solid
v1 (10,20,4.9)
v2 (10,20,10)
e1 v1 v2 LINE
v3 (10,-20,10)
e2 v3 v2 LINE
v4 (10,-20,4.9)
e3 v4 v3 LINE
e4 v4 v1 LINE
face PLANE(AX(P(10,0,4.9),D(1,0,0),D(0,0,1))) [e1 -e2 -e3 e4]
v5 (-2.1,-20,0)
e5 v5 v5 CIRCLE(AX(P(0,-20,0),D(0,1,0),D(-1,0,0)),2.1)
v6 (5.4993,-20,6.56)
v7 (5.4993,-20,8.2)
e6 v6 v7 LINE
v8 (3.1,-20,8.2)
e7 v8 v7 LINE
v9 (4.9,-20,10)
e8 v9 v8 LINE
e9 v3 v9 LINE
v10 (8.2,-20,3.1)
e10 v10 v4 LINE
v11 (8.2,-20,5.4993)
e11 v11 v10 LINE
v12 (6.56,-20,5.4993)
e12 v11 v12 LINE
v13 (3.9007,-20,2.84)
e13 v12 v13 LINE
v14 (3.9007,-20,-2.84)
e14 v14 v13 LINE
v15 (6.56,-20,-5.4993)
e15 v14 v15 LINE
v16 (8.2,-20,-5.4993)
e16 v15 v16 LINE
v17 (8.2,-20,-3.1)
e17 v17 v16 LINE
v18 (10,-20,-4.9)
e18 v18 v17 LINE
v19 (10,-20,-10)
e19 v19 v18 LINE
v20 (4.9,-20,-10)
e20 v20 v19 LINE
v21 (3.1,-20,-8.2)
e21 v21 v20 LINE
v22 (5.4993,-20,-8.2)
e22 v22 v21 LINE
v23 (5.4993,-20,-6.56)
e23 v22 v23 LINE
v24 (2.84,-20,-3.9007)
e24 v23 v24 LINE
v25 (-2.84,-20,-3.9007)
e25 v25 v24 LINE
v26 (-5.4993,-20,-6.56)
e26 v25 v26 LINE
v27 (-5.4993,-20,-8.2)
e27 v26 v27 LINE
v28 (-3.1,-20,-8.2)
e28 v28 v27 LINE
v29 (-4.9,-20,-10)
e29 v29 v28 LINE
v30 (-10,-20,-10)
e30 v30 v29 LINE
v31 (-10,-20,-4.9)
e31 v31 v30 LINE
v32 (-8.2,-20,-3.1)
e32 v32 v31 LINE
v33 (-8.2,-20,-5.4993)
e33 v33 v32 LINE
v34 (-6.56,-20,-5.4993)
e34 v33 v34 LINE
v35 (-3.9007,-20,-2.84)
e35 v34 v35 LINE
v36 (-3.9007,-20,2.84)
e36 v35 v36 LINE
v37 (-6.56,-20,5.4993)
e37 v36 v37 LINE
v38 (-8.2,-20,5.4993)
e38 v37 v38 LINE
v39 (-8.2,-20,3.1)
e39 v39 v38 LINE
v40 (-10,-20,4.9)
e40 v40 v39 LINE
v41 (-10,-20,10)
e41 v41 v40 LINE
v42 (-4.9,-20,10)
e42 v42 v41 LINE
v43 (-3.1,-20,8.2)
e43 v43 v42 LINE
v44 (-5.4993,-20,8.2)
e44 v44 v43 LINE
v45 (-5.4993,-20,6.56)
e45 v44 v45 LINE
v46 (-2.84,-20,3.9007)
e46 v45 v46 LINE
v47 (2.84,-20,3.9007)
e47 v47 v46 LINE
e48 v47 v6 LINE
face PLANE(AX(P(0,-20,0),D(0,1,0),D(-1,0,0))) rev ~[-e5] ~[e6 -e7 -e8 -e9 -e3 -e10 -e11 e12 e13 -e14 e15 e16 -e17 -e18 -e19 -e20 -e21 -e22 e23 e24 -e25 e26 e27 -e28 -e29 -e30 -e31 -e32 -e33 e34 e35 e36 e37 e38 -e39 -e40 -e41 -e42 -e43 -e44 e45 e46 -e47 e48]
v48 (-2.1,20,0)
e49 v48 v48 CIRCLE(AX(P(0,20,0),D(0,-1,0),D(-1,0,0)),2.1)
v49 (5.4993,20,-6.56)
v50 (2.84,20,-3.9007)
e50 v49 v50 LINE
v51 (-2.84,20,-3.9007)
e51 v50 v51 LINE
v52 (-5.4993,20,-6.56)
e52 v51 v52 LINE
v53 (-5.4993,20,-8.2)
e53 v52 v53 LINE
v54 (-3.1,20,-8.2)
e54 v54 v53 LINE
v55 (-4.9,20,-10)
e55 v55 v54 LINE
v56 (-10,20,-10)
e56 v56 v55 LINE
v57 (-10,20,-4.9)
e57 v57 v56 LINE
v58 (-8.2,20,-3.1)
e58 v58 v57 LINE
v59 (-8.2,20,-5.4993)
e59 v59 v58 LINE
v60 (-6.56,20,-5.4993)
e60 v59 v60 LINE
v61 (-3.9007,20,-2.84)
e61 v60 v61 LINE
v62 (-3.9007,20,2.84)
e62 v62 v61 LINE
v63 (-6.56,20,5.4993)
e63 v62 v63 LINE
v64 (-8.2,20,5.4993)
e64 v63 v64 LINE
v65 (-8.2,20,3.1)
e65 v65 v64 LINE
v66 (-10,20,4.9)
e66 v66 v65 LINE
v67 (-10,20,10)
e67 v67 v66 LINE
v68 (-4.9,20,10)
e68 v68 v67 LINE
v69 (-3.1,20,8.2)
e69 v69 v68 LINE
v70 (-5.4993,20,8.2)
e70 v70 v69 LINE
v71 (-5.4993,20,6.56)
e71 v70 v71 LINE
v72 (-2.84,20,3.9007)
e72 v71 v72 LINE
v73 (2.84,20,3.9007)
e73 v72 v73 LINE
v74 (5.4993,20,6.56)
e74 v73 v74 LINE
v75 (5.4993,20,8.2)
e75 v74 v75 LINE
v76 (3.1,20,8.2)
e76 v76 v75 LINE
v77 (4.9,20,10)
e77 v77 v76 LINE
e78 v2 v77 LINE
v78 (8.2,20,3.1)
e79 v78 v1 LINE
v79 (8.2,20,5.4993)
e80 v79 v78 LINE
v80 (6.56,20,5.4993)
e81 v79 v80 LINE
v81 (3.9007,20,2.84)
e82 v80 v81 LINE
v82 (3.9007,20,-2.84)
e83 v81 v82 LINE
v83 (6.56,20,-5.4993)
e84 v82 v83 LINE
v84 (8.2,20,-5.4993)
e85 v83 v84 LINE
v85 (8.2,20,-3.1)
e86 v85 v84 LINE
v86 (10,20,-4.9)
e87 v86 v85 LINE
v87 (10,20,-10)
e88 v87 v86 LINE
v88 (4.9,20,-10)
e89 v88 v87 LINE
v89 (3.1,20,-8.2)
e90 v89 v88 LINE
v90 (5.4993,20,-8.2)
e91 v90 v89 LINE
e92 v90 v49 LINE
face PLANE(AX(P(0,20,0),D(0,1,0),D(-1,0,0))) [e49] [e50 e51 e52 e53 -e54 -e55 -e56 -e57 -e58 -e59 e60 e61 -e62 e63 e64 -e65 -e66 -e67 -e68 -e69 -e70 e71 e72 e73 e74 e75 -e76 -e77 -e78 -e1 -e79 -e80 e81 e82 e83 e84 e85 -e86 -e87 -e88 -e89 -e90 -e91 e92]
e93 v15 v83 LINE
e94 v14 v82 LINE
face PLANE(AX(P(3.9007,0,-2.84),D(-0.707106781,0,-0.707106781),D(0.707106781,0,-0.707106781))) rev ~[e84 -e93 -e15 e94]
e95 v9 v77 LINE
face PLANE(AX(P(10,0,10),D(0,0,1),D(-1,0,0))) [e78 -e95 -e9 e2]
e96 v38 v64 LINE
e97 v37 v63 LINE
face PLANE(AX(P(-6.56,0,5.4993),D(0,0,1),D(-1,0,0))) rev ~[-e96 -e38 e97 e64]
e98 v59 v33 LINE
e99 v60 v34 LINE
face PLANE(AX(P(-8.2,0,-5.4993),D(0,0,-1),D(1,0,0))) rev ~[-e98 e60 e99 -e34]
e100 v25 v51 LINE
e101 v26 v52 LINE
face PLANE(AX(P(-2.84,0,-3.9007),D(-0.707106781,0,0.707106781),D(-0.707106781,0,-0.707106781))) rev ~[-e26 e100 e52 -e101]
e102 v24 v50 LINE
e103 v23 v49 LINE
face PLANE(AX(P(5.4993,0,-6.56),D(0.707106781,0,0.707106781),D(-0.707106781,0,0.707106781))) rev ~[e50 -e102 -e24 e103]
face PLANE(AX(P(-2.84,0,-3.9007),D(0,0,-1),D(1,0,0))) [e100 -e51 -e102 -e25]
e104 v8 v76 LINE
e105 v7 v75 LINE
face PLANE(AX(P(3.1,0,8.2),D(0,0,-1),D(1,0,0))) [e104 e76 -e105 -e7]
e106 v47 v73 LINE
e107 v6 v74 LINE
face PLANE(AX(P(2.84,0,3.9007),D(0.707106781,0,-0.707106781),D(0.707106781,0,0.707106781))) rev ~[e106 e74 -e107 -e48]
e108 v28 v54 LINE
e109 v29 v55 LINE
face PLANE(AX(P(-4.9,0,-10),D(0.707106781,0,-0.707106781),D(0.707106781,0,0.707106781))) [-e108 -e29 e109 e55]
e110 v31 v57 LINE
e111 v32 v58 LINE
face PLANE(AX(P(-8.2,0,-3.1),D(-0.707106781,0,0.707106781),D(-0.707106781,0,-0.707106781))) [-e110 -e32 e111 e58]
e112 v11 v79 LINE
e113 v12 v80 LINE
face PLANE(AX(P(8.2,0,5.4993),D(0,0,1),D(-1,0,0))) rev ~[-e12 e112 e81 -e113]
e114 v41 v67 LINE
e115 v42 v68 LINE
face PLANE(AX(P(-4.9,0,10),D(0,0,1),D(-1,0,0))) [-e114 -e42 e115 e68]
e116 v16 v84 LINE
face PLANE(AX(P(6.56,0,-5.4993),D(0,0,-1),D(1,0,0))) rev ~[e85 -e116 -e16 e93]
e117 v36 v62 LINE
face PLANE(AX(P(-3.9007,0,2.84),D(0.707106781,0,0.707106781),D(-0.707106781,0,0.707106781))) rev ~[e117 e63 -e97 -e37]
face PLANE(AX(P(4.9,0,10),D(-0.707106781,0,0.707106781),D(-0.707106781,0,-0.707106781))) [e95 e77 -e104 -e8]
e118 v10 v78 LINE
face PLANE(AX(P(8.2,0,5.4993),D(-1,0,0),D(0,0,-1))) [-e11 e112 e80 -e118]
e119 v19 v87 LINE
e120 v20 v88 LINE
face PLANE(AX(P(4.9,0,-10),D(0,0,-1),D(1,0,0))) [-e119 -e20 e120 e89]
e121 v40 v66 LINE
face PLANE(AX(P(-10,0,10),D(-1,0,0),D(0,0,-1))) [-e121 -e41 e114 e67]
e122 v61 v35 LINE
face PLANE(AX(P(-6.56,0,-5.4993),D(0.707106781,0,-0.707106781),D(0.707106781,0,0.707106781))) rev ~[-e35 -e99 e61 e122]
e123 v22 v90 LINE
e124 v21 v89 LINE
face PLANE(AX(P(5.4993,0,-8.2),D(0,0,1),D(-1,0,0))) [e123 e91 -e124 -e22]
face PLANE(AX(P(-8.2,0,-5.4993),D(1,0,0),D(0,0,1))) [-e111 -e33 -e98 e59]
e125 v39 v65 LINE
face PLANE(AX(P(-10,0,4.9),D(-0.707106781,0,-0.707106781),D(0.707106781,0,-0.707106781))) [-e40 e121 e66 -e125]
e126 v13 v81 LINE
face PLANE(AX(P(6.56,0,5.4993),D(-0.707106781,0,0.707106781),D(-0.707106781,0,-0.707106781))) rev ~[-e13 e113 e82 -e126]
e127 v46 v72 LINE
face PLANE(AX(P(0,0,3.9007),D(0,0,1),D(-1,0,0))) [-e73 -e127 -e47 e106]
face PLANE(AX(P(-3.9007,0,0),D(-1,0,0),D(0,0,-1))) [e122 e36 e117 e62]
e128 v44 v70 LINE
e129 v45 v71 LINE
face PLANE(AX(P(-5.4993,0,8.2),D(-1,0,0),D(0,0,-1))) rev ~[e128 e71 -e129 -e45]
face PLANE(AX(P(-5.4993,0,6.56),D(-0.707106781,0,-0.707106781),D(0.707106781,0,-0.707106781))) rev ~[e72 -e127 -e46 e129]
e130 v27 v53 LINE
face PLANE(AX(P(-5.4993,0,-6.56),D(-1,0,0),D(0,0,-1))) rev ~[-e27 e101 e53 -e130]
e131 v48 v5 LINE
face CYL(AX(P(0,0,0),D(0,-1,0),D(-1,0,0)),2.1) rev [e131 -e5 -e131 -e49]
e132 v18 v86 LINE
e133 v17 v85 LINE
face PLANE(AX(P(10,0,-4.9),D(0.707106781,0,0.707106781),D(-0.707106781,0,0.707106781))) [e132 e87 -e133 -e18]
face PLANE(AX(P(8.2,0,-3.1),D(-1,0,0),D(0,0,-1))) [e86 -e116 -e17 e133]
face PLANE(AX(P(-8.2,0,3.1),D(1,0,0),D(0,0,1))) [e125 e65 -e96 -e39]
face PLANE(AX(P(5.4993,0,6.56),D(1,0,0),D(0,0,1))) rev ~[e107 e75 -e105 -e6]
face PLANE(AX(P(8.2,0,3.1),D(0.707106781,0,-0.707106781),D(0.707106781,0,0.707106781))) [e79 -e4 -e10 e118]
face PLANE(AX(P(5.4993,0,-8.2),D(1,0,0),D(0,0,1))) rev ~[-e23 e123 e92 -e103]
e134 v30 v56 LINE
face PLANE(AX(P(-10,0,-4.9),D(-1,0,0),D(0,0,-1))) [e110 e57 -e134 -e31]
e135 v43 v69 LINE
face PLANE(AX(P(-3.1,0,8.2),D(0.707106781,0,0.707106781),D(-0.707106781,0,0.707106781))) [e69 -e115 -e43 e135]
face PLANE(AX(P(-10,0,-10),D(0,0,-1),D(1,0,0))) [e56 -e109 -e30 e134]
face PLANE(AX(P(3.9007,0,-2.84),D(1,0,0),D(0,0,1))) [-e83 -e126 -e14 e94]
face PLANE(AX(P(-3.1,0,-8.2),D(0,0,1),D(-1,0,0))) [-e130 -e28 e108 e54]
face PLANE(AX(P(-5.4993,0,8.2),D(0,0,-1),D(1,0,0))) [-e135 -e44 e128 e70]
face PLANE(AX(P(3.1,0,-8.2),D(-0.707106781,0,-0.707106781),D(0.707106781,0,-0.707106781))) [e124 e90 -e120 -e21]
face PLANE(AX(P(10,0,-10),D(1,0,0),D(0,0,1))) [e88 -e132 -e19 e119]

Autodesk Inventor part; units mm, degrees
ref_plane "YZ Plane" through (0, 0, 0) normal (1, 0, 0) x (0, 1, 0)
ref_plane "XZ Plane" through (0, 0, 0) normal (0, 1, 0) x (-1, 0, 0)
ref_plane "XY Plane" through (0, 0, 0) normal (0, 0, 1) x (1, 0, 0)
sketch "Sketch1" plane through (0, 0, 0) normal (0, 1, 0) x (-1, 0, 0)
  circle A0 centre (0, 0) radius 2.1
  line L0 (0, -3.9007) -> (-2.84, -3.9007)
  line L1 (-5.4993, -8.2) -> (-3.1, -8.2)
  line L2 (-3.1, -8.2) -> (-4.9, -10)
  line L3 (-4.9, -10) -> (-10, -10)
  line L4 (-10, -10) -> (-10, -4.9)
  line L5 (-10, -4.9) -> (-8.2, -3.1)
  line L6 (-8.2, -3.1) -> (-8.2, -5.4993)
  line L7 (-3.9007, -2.84) -> (-3.9007, 0)
  line L8 (-3.9007, 0) -> (-2.1, 0)
  line L9 (0, -3.9007) -> (0, -2.1) construction
  line L10 (-5.4993, -8.2) -> (-5.4993, -6.56)
  line L11 (-5.4993, -6.56) -> (-2.84, -3.9007)
  line L12 (-3.9007, -2.84) -> (-6.56, -5.4993)
  line L13 (-6.56, -5.4993) -> (-8.2, -5.4993)
  line L14 (6.56, -5.4993) -> (3.9007, -2.84)
  line L15 (3.1, -8.2) -> (5.4993, -8.2)
  line L16 (5.4993, -6.56) -> (5.4993, -8.2)
  line L17 (8.2, -5.4993) -> (8.2, -3.1)
  line L18 (8.2, -5.4993) -> (6.56, -5.4993)
  line L19 (8.2, -3.1) -> (10, -4.9)
  line L20 (4.9, -10) -> (3.1, -8.2)
  line L21 (10, -4.9) -> (10, -10)
  line L22 (10, -10) -> (4.9, -10)
  line L23 (2.84, -3.9007) -> (0, -3.9007)
  line L24 (0, -3.9007) -> (0, -2.1) construction
  line L25 (3.9007, 0) -> (2.1, 0)
  line L26 (3.9007, 0) -> (3.9007, -2.84)
  line L27 (2.84, -3.9007) -> (5.4993, -6.56)
  line L28 (5.4993, 6.56) -> (2.84, 3.9007)
  line L29 (8.2, 3.1) -> (8.2, 5.4993)
  line L30 (6.56, 5.4993) -> (8.2, 5.4993)
  line L31 (5.4993, 8.2) -> (3.1, 8.2)
  line L32 (5.4993, 8.2) -> (5.4993, 6.56)
  line L33 (3.1, 8.2) -> (4.9, 10)
  line L34 (10, 4.9) -> (8.2, 3.1)
  line L35 (4.9, 10) -> (10, 10)
  line L36 (10, 10) -> (10, 4.9)
  line L37 (3.9007, 2.84) -> (3.9007, 0)
  line L38 (3.9007, 0) -> (2.1, 0) construction
  line L39 (0, 3.9007) -> (0, 2.1)
  line L40 (0, 3.9007) -> (2.84, 3.9007)
  line L41 (3.9007, 2.84) -> (6.56, 5.4993)
  line L42 (-6.56, 5.4993) -> (-3.9007, 2.84)
  line L43 (-3.1, 8.2) -> (-5.4993, 8.2)
  line L44 (-5.4993, 6.56) -> (-5.4993, 8.2)
  line L45 (-8.2, 5.4993) -> (-8.2, 3.1)
  line L46 (-8.2, 5.4993) -> (-6.56, 5.4993)
  line L47 (-8.2, 3.1) -> (-10, 4.9)
  line L48 (-4.9, 10) -> (-3.1, 8.2)
  line L49 (-10, 4.9) -> (-10, 10)
  line L50 (-10, 10) -> (-4.9, 10)
  line L51 (-2.84, 3.9007) -> (0, 3.9007)
  line L52 (0, 3.9007) -> (0, 2.1) construction
  line L53 (-3.9007, 0) -> (-2.1, 0) construction
  line L54 (-3.9007, 0) -> (-3.9007, 2.84)
  line L55 (-2.84, 3.9007) -> (-5.4993, 6.56)
  point P0 (0, -3.0003)
  point P1 (-3.0003, 0)
  point P2 (0, -3.0003)
  point P3 (3.0003, 0)
  point P4 (3.0003, 0)
  point P5 (0, 3.0003)
  point P6 (0, 3.0003)
  point P7 (-3.0003, 0)
  dimension "d0" = 4.2
  dimension "d2" = 45
  dimension "d3" = 3.1
  dimension "d4" = 2.84
  dimension "d7" = 10
  dimension "d8" = 10
  dimension "d9" = 1.5
  dimension "d10" = 1.8
  dimension "d11" = 1.64
  dimension "d14" = 360
extrude "Extrusion1" add sketch "Sketch1" along normal mid plane 40 contours L25 L26 L14 L18 L17 L19 L21 L22 L20 L15 L16 L27 L23 L0 L11 L10 L1 L2 L3 L4 L5 L6 L13 L12 L7 L8 A0 | A0 L39 L40 L28 L32 L31 L33 L35 L36 L34 L29 L30 L41 L37 L25 | A0 L8 L54 L42 L46 L45 L47 L49 L50 L48 L43 L44 L55 L51 L39
properties part number "vslot_40mm" material "Aluminum 6061"
